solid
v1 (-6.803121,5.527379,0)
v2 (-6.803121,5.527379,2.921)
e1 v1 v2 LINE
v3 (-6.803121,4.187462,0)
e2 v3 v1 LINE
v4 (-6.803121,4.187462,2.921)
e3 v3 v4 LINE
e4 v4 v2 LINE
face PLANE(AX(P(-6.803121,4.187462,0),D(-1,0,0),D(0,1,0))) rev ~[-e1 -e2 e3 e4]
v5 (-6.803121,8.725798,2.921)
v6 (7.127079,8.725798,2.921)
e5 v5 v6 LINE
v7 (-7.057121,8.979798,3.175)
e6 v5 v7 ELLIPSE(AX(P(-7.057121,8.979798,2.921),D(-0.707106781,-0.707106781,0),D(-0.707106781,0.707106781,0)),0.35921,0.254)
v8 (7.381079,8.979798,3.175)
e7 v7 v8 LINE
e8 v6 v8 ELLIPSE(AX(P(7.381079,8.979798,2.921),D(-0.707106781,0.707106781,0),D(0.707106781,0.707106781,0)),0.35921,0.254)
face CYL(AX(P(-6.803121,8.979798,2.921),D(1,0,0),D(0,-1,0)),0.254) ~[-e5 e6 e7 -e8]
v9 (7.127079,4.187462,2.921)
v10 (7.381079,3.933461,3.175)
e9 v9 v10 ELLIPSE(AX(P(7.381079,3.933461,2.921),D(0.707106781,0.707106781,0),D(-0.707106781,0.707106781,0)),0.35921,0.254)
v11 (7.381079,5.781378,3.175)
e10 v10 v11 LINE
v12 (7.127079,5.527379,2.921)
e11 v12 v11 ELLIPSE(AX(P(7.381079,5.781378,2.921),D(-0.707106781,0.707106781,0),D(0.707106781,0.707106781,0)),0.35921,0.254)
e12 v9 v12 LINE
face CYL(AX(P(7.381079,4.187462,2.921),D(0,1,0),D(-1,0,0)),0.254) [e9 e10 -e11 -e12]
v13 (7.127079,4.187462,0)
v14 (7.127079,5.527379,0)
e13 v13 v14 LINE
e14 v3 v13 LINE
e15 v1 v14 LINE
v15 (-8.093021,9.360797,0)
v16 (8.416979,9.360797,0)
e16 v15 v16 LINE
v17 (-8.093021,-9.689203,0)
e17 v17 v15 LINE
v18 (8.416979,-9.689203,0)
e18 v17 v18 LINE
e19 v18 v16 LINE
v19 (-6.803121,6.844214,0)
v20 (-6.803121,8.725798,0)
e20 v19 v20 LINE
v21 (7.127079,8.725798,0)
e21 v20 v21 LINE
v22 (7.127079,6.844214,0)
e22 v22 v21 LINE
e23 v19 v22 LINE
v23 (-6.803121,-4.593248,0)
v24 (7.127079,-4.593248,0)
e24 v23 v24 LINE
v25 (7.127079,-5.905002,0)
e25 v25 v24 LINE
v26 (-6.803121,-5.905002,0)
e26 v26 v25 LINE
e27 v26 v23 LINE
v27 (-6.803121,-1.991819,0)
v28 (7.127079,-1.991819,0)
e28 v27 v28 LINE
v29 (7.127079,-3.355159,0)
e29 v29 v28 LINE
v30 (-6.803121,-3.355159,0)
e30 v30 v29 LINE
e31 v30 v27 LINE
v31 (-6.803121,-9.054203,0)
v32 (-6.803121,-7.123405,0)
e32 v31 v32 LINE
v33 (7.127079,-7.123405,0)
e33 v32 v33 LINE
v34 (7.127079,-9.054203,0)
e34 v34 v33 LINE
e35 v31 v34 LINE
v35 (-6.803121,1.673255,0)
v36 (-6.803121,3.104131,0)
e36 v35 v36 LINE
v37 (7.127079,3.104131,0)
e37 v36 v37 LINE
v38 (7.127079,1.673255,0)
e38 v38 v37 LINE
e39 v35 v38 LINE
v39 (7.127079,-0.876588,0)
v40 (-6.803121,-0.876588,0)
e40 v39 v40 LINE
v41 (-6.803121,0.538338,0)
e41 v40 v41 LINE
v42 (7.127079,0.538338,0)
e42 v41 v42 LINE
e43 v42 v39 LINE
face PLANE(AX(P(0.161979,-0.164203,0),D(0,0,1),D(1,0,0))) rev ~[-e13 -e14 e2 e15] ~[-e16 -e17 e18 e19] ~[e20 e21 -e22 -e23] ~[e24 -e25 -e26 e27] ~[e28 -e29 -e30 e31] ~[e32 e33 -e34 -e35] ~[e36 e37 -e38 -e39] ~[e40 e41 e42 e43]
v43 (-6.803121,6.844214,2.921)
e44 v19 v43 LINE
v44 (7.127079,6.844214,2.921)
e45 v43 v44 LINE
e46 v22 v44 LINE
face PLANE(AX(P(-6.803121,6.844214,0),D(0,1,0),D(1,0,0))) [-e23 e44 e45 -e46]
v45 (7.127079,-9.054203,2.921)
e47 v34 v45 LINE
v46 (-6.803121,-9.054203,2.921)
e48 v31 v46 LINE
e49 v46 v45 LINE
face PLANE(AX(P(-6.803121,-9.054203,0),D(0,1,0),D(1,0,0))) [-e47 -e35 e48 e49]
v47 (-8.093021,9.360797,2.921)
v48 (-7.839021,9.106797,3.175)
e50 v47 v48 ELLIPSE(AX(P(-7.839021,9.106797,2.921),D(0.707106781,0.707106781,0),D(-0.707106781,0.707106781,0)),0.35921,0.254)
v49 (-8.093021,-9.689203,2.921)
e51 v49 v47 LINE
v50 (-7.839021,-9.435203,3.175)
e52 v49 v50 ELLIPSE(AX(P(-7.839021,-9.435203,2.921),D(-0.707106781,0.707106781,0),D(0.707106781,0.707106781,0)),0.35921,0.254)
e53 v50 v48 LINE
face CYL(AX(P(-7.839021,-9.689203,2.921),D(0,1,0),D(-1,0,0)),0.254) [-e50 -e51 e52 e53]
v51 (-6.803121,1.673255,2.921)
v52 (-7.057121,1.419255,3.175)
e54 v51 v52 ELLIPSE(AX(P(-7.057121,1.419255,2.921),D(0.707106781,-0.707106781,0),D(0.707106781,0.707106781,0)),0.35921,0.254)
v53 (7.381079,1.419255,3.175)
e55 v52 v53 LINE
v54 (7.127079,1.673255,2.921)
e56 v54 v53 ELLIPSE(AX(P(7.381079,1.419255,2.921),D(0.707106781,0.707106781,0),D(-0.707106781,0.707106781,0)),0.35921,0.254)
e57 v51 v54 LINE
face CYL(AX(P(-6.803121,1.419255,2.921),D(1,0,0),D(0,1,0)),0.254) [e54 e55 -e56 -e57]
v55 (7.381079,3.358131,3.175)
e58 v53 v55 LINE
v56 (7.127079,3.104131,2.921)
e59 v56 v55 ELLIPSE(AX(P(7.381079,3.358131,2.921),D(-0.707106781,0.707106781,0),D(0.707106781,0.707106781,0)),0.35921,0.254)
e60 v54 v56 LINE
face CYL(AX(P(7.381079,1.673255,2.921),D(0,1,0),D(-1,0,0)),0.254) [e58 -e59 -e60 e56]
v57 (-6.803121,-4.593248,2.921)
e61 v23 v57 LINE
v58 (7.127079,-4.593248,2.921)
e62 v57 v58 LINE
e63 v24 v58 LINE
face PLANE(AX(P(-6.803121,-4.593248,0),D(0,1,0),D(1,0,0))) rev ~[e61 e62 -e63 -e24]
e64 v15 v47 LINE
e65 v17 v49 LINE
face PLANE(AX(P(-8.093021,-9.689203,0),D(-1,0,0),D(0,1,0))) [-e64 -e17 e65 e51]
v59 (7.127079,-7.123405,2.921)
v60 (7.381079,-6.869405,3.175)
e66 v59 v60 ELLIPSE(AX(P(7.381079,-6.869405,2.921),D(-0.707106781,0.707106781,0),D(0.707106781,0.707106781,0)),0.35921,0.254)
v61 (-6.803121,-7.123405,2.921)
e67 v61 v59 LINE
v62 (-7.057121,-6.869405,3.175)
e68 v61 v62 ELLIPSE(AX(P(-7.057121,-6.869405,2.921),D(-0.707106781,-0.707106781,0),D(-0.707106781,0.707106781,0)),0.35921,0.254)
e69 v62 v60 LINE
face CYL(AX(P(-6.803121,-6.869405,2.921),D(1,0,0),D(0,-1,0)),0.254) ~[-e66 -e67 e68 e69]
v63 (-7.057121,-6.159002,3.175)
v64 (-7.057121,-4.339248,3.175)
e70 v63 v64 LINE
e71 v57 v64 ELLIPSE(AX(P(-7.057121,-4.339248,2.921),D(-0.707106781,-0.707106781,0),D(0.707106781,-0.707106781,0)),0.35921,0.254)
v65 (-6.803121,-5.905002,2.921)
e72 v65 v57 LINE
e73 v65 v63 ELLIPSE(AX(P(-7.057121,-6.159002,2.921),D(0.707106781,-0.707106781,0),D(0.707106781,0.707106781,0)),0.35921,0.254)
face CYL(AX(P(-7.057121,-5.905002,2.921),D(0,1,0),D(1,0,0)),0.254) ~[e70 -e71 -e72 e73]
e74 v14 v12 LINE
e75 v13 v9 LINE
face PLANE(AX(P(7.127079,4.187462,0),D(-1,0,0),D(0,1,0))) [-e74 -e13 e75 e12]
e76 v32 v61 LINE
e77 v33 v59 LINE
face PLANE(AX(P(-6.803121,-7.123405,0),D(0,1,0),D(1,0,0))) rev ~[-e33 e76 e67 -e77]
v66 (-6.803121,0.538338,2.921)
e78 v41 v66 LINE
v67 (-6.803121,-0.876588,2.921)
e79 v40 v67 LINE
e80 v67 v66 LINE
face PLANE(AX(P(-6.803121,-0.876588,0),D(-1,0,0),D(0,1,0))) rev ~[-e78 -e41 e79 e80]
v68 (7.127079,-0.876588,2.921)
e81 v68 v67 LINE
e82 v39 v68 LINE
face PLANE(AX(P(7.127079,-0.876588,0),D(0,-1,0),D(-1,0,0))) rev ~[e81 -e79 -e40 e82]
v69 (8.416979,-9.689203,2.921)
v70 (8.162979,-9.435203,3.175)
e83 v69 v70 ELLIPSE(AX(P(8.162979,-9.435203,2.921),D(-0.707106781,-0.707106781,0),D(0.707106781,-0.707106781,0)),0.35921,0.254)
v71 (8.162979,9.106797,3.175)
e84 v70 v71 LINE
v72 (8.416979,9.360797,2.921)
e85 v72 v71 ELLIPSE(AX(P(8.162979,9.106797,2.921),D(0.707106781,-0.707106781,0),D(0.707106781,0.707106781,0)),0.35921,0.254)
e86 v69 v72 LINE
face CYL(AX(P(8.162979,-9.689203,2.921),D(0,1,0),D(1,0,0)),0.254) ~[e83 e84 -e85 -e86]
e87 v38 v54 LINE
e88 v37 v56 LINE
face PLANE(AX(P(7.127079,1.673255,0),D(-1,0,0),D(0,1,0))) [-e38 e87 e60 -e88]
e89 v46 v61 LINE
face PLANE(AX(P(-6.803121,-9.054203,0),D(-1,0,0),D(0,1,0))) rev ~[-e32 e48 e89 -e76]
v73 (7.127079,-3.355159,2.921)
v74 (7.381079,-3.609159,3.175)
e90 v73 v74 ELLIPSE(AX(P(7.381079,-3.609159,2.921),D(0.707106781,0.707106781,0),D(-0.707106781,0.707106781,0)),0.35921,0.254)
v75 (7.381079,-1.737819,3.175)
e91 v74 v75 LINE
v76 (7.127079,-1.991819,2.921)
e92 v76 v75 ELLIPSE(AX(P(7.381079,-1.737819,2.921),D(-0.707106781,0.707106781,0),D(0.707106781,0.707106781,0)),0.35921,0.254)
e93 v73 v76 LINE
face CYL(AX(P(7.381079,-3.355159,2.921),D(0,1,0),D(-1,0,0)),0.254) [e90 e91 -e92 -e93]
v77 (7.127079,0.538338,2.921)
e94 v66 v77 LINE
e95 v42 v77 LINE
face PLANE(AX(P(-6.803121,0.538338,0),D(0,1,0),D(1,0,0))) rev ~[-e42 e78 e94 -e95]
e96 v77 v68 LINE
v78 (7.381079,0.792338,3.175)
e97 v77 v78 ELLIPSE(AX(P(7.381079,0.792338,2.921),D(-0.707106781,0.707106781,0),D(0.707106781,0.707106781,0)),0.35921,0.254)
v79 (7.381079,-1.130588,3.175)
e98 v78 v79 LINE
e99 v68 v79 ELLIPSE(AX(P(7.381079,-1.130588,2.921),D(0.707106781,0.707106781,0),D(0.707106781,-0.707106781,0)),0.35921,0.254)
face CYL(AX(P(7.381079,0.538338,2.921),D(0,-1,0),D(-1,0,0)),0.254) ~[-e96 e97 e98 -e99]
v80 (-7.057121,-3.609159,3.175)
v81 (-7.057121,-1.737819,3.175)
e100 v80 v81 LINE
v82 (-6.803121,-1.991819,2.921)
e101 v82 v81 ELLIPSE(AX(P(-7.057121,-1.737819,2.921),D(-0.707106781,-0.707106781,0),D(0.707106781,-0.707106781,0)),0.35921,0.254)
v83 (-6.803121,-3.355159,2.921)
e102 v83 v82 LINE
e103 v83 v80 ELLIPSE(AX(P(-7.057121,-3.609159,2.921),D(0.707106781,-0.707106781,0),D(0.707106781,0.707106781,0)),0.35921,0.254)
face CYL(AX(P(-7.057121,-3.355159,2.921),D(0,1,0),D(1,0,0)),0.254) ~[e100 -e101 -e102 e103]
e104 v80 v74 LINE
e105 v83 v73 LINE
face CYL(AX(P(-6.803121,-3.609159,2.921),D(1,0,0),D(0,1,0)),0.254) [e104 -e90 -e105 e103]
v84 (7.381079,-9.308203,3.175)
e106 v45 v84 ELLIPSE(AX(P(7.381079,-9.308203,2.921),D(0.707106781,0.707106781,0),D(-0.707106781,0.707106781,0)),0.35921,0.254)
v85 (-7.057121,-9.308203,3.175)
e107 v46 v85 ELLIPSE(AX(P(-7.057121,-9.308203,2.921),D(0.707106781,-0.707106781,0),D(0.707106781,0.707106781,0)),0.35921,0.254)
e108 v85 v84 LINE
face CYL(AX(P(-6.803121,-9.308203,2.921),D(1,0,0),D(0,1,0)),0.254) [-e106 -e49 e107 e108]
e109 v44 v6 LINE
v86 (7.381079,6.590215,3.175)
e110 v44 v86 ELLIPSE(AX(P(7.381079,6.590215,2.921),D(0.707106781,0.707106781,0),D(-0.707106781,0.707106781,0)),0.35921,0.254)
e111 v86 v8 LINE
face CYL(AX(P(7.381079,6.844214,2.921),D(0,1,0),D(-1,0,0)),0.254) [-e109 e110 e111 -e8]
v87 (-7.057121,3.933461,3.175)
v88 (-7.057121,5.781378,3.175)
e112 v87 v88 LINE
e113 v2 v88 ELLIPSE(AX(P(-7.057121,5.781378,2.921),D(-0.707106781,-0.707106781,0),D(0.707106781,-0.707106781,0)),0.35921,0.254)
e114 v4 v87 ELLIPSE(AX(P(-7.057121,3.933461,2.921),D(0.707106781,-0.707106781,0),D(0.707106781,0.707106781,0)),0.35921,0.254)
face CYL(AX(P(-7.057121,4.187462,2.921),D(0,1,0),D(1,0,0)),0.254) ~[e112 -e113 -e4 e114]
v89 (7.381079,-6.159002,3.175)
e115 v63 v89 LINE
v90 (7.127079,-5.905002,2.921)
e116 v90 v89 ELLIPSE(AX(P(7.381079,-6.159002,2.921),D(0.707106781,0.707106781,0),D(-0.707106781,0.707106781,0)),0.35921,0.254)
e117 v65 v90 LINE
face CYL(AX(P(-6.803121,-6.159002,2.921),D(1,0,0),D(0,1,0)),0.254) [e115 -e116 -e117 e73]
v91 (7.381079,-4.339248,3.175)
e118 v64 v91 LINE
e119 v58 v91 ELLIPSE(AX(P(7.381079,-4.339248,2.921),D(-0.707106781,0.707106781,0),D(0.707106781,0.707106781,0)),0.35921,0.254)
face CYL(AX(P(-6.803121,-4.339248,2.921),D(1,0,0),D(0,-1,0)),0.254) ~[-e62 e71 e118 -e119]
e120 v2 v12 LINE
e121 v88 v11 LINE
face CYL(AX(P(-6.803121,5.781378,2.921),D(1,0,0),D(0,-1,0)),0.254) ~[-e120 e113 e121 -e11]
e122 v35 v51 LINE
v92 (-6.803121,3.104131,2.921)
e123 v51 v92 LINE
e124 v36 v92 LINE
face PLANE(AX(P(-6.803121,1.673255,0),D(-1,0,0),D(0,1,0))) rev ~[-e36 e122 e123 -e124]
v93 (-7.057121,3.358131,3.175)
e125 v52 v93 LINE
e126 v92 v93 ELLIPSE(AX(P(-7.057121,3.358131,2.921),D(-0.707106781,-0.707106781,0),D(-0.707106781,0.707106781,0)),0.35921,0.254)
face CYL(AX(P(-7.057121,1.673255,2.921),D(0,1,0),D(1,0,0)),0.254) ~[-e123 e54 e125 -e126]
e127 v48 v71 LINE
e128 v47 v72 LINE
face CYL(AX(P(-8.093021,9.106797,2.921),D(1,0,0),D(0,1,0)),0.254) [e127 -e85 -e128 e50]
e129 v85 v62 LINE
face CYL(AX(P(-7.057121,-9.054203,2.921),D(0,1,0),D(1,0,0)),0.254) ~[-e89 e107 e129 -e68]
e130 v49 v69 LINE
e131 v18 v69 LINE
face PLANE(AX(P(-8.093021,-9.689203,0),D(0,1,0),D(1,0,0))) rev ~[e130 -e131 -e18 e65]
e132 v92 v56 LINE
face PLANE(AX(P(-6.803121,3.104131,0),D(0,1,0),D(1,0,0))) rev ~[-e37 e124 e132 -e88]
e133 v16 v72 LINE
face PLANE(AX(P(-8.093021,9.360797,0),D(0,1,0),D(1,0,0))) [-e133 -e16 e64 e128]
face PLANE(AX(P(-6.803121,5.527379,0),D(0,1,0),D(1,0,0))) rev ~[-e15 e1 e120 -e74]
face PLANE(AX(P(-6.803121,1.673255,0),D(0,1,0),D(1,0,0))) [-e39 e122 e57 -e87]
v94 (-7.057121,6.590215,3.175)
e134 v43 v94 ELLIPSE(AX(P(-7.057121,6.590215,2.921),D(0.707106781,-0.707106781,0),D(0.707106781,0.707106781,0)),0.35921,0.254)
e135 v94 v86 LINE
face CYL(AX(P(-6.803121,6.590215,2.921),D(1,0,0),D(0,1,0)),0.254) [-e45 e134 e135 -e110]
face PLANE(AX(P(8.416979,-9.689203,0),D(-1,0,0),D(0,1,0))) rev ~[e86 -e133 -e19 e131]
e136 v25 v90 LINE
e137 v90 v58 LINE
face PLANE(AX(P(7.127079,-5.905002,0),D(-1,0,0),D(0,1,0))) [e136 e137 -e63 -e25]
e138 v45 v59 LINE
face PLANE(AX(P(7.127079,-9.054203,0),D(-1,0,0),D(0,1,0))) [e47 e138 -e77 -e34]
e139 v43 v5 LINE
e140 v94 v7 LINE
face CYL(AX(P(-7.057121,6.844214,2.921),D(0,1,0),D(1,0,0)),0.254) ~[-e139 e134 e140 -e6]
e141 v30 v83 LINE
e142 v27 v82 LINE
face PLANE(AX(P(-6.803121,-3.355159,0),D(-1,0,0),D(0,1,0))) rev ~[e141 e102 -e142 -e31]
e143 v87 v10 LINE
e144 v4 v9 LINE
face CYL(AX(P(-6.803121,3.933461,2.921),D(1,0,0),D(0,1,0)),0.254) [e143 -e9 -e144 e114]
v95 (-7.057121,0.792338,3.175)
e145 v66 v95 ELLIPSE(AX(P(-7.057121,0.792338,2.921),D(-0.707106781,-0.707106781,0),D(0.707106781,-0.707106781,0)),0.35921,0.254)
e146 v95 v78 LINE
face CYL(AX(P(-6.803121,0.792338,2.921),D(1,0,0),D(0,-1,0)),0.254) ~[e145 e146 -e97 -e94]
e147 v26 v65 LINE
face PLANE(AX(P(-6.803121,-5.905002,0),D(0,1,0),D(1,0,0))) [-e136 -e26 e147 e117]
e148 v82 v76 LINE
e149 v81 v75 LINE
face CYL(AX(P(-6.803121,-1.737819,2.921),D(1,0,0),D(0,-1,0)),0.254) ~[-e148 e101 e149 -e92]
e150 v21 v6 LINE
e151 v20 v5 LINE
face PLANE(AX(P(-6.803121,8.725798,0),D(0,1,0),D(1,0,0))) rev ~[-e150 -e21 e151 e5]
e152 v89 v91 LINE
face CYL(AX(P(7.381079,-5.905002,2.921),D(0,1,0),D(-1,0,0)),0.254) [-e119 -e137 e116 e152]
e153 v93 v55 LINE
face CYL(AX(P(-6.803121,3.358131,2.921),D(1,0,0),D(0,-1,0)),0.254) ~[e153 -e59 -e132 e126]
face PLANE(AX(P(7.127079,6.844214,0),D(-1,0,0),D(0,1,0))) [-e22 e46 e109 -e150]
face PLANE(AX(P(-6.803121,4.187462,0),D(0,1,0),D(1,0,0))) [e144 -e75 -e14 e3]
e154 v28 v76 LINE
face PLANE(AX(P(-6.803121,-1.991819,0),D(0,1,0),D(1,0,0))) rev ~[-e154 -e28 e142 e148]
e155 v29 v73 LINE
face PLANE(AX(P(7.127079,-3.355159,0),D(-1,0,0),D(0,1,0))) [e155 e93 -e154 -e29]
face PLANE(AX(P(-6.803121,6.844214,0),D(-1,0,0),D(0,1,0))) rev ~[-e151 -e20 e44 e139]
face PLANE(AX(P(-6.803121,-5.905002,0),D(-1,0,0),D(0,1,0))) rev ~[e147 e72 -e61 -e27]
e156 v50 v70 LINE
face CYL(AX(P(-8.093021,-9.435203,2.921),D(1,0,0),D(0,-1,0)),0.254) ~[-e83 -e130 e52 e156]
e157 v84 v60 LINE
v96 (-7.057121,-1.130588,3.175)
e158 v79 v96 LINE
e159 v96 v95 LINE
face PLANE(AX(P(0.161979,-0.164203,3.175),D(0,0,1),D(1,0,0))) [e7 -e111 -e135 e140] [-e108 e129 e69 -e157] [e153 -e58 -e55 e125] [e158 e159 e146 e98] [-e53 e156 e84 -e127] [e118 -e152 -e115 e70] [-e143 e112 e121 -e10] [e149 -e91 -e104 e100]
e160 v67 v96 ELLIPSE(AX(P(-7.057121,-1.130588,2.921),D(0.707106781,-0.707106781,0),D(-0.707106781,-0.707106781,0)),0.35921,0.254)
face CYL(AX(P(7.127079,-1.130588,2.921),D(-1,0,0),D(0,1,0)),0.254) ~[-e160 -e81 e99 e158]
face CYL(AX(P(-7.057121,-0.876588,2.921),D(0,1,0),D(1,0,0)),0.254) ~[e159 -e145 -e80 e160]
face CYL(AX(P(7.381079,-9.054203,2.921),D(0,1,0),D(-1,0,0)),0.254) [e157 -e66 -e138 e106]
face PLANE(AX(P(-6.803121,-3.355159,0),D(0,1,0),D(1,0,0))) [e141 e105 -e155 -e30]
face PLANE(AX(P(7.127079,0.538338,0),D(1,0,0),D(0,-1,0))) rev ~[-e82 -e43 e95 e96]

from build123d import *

# Parameters (mm, degrees)
F0_W     = 16.51
F0_H     = 19.05
F0_W_2   = 13.9302
F0_H_2   = 1.930798
F0_H_3   = 1.311754
F0_H_4   = 1.36334
F0_H_5   = 1.430876
F0_H_6   = 1.339917
F0_H_7   = 1.881583
F1_DEPTH = 3.175
F2_R     = 0.254


with BuildPart() as f1:
    # F0 (on Top) → F1 (new body)
    with BuildSketch(Plane.XY):
        with Locations((0.161979, -0.164203)):
            Rectangle(F0_W, F0_H)
        with Locations((0.161979, -8.088804)):
            Rectangle(F0_W_2, F0_H_2, mode=Mode.SUBTRACT)
        with Locations((0.161979, -5.249125)):
            Rectangle(F0_W_2, F0_H_3, mode=Mode.SUBTRACT)
        with Locations((0.161979, -2.673489)):
            Rectangle(F0_W_2, F0_H_4, mode=Mode.SUBTRACT)
        Polygon((-6.803121, 0.538338), (7.127079, 0.538338), (7.127079, -0.876588), (-6.803121, -0.876588), (-6.803121, -0.164203), align=None, mode=Mode.SUBTRACT)
        with Locations((0.161979, 2.388693)):
            Rectangle(F0_W_2, F0_H_5, mode=Mode.SUBTRACT)
        with Locations((0.161979, 4.85742)):
            Rectangle(F0_W_2, F0_H_6, mode=Mode.SUBTRACT)
        with Locations((0.161979, 7.785006)):
            Rectangle(F0_W_2, F0_H_7, mode=Mode.SUBTRACT)
    extrude(amount=F1_DEPTH)

    # F2
    f2_edges = [f1.edges().sort_by_distance(p)[0] for p in [
        (-8.093021, -0.164203, 3.175),
        (0.161979, -9.689203, 3.175),
        (8.416979, -0.164203, 3.175),
        (0.161979, 9.360797, 3.175),
        (-6.803121, -8.088804, 3.175),
        (0.161979, -7.123405, 3.175),
        (7.127079, -8.088804, 3.175),
        (0.161979, -9.054203, 3.175),
        (0.161979, -4.593248, 3.175),
        (7.127079, -5.249125, 3.175),
        (0.161979, -5.905002, 3.175),
        (-6.803121, -5.249125, 3.175),
        (0.161979, -1.991819, 3.175),
        (7.127079, -2.673489, 3.175),
        (0.161979, -3.355159, 3.175),
        (-6.803121, -2.673489, 3.175),
        (0.161979, 0.538338, 3.175),
        (7.127079, -0.169125, 3.175),
        (0.161979, -0.876588, 3.175),
        (-6.803121, -0.169125, 3.175),
        (-6.803121, 2.388693, 3.175),
        (0.161979, 3.104131, 3.175),
        (7.127079, 2.388693, 3.175),
        (0.161979, 1.673255, 3.175),
        (0.161979, 5.527379, 3.175),
        (7.127079, 4.857421, 3.175),
        (0.161979, 4.187462, 3.175),
        (-6.803121, 4.857421, 3.175),
        (7.127079, 7.785005, 3.175),
        (0.161979, 6.844214, 3.175),
        (-6.803121, 7.785005, 3.175),
        (0.161979, 8.725797, 3.175),
    ]]
    fillet(f2_edges, radius=F2_R)


solid = f1.part
